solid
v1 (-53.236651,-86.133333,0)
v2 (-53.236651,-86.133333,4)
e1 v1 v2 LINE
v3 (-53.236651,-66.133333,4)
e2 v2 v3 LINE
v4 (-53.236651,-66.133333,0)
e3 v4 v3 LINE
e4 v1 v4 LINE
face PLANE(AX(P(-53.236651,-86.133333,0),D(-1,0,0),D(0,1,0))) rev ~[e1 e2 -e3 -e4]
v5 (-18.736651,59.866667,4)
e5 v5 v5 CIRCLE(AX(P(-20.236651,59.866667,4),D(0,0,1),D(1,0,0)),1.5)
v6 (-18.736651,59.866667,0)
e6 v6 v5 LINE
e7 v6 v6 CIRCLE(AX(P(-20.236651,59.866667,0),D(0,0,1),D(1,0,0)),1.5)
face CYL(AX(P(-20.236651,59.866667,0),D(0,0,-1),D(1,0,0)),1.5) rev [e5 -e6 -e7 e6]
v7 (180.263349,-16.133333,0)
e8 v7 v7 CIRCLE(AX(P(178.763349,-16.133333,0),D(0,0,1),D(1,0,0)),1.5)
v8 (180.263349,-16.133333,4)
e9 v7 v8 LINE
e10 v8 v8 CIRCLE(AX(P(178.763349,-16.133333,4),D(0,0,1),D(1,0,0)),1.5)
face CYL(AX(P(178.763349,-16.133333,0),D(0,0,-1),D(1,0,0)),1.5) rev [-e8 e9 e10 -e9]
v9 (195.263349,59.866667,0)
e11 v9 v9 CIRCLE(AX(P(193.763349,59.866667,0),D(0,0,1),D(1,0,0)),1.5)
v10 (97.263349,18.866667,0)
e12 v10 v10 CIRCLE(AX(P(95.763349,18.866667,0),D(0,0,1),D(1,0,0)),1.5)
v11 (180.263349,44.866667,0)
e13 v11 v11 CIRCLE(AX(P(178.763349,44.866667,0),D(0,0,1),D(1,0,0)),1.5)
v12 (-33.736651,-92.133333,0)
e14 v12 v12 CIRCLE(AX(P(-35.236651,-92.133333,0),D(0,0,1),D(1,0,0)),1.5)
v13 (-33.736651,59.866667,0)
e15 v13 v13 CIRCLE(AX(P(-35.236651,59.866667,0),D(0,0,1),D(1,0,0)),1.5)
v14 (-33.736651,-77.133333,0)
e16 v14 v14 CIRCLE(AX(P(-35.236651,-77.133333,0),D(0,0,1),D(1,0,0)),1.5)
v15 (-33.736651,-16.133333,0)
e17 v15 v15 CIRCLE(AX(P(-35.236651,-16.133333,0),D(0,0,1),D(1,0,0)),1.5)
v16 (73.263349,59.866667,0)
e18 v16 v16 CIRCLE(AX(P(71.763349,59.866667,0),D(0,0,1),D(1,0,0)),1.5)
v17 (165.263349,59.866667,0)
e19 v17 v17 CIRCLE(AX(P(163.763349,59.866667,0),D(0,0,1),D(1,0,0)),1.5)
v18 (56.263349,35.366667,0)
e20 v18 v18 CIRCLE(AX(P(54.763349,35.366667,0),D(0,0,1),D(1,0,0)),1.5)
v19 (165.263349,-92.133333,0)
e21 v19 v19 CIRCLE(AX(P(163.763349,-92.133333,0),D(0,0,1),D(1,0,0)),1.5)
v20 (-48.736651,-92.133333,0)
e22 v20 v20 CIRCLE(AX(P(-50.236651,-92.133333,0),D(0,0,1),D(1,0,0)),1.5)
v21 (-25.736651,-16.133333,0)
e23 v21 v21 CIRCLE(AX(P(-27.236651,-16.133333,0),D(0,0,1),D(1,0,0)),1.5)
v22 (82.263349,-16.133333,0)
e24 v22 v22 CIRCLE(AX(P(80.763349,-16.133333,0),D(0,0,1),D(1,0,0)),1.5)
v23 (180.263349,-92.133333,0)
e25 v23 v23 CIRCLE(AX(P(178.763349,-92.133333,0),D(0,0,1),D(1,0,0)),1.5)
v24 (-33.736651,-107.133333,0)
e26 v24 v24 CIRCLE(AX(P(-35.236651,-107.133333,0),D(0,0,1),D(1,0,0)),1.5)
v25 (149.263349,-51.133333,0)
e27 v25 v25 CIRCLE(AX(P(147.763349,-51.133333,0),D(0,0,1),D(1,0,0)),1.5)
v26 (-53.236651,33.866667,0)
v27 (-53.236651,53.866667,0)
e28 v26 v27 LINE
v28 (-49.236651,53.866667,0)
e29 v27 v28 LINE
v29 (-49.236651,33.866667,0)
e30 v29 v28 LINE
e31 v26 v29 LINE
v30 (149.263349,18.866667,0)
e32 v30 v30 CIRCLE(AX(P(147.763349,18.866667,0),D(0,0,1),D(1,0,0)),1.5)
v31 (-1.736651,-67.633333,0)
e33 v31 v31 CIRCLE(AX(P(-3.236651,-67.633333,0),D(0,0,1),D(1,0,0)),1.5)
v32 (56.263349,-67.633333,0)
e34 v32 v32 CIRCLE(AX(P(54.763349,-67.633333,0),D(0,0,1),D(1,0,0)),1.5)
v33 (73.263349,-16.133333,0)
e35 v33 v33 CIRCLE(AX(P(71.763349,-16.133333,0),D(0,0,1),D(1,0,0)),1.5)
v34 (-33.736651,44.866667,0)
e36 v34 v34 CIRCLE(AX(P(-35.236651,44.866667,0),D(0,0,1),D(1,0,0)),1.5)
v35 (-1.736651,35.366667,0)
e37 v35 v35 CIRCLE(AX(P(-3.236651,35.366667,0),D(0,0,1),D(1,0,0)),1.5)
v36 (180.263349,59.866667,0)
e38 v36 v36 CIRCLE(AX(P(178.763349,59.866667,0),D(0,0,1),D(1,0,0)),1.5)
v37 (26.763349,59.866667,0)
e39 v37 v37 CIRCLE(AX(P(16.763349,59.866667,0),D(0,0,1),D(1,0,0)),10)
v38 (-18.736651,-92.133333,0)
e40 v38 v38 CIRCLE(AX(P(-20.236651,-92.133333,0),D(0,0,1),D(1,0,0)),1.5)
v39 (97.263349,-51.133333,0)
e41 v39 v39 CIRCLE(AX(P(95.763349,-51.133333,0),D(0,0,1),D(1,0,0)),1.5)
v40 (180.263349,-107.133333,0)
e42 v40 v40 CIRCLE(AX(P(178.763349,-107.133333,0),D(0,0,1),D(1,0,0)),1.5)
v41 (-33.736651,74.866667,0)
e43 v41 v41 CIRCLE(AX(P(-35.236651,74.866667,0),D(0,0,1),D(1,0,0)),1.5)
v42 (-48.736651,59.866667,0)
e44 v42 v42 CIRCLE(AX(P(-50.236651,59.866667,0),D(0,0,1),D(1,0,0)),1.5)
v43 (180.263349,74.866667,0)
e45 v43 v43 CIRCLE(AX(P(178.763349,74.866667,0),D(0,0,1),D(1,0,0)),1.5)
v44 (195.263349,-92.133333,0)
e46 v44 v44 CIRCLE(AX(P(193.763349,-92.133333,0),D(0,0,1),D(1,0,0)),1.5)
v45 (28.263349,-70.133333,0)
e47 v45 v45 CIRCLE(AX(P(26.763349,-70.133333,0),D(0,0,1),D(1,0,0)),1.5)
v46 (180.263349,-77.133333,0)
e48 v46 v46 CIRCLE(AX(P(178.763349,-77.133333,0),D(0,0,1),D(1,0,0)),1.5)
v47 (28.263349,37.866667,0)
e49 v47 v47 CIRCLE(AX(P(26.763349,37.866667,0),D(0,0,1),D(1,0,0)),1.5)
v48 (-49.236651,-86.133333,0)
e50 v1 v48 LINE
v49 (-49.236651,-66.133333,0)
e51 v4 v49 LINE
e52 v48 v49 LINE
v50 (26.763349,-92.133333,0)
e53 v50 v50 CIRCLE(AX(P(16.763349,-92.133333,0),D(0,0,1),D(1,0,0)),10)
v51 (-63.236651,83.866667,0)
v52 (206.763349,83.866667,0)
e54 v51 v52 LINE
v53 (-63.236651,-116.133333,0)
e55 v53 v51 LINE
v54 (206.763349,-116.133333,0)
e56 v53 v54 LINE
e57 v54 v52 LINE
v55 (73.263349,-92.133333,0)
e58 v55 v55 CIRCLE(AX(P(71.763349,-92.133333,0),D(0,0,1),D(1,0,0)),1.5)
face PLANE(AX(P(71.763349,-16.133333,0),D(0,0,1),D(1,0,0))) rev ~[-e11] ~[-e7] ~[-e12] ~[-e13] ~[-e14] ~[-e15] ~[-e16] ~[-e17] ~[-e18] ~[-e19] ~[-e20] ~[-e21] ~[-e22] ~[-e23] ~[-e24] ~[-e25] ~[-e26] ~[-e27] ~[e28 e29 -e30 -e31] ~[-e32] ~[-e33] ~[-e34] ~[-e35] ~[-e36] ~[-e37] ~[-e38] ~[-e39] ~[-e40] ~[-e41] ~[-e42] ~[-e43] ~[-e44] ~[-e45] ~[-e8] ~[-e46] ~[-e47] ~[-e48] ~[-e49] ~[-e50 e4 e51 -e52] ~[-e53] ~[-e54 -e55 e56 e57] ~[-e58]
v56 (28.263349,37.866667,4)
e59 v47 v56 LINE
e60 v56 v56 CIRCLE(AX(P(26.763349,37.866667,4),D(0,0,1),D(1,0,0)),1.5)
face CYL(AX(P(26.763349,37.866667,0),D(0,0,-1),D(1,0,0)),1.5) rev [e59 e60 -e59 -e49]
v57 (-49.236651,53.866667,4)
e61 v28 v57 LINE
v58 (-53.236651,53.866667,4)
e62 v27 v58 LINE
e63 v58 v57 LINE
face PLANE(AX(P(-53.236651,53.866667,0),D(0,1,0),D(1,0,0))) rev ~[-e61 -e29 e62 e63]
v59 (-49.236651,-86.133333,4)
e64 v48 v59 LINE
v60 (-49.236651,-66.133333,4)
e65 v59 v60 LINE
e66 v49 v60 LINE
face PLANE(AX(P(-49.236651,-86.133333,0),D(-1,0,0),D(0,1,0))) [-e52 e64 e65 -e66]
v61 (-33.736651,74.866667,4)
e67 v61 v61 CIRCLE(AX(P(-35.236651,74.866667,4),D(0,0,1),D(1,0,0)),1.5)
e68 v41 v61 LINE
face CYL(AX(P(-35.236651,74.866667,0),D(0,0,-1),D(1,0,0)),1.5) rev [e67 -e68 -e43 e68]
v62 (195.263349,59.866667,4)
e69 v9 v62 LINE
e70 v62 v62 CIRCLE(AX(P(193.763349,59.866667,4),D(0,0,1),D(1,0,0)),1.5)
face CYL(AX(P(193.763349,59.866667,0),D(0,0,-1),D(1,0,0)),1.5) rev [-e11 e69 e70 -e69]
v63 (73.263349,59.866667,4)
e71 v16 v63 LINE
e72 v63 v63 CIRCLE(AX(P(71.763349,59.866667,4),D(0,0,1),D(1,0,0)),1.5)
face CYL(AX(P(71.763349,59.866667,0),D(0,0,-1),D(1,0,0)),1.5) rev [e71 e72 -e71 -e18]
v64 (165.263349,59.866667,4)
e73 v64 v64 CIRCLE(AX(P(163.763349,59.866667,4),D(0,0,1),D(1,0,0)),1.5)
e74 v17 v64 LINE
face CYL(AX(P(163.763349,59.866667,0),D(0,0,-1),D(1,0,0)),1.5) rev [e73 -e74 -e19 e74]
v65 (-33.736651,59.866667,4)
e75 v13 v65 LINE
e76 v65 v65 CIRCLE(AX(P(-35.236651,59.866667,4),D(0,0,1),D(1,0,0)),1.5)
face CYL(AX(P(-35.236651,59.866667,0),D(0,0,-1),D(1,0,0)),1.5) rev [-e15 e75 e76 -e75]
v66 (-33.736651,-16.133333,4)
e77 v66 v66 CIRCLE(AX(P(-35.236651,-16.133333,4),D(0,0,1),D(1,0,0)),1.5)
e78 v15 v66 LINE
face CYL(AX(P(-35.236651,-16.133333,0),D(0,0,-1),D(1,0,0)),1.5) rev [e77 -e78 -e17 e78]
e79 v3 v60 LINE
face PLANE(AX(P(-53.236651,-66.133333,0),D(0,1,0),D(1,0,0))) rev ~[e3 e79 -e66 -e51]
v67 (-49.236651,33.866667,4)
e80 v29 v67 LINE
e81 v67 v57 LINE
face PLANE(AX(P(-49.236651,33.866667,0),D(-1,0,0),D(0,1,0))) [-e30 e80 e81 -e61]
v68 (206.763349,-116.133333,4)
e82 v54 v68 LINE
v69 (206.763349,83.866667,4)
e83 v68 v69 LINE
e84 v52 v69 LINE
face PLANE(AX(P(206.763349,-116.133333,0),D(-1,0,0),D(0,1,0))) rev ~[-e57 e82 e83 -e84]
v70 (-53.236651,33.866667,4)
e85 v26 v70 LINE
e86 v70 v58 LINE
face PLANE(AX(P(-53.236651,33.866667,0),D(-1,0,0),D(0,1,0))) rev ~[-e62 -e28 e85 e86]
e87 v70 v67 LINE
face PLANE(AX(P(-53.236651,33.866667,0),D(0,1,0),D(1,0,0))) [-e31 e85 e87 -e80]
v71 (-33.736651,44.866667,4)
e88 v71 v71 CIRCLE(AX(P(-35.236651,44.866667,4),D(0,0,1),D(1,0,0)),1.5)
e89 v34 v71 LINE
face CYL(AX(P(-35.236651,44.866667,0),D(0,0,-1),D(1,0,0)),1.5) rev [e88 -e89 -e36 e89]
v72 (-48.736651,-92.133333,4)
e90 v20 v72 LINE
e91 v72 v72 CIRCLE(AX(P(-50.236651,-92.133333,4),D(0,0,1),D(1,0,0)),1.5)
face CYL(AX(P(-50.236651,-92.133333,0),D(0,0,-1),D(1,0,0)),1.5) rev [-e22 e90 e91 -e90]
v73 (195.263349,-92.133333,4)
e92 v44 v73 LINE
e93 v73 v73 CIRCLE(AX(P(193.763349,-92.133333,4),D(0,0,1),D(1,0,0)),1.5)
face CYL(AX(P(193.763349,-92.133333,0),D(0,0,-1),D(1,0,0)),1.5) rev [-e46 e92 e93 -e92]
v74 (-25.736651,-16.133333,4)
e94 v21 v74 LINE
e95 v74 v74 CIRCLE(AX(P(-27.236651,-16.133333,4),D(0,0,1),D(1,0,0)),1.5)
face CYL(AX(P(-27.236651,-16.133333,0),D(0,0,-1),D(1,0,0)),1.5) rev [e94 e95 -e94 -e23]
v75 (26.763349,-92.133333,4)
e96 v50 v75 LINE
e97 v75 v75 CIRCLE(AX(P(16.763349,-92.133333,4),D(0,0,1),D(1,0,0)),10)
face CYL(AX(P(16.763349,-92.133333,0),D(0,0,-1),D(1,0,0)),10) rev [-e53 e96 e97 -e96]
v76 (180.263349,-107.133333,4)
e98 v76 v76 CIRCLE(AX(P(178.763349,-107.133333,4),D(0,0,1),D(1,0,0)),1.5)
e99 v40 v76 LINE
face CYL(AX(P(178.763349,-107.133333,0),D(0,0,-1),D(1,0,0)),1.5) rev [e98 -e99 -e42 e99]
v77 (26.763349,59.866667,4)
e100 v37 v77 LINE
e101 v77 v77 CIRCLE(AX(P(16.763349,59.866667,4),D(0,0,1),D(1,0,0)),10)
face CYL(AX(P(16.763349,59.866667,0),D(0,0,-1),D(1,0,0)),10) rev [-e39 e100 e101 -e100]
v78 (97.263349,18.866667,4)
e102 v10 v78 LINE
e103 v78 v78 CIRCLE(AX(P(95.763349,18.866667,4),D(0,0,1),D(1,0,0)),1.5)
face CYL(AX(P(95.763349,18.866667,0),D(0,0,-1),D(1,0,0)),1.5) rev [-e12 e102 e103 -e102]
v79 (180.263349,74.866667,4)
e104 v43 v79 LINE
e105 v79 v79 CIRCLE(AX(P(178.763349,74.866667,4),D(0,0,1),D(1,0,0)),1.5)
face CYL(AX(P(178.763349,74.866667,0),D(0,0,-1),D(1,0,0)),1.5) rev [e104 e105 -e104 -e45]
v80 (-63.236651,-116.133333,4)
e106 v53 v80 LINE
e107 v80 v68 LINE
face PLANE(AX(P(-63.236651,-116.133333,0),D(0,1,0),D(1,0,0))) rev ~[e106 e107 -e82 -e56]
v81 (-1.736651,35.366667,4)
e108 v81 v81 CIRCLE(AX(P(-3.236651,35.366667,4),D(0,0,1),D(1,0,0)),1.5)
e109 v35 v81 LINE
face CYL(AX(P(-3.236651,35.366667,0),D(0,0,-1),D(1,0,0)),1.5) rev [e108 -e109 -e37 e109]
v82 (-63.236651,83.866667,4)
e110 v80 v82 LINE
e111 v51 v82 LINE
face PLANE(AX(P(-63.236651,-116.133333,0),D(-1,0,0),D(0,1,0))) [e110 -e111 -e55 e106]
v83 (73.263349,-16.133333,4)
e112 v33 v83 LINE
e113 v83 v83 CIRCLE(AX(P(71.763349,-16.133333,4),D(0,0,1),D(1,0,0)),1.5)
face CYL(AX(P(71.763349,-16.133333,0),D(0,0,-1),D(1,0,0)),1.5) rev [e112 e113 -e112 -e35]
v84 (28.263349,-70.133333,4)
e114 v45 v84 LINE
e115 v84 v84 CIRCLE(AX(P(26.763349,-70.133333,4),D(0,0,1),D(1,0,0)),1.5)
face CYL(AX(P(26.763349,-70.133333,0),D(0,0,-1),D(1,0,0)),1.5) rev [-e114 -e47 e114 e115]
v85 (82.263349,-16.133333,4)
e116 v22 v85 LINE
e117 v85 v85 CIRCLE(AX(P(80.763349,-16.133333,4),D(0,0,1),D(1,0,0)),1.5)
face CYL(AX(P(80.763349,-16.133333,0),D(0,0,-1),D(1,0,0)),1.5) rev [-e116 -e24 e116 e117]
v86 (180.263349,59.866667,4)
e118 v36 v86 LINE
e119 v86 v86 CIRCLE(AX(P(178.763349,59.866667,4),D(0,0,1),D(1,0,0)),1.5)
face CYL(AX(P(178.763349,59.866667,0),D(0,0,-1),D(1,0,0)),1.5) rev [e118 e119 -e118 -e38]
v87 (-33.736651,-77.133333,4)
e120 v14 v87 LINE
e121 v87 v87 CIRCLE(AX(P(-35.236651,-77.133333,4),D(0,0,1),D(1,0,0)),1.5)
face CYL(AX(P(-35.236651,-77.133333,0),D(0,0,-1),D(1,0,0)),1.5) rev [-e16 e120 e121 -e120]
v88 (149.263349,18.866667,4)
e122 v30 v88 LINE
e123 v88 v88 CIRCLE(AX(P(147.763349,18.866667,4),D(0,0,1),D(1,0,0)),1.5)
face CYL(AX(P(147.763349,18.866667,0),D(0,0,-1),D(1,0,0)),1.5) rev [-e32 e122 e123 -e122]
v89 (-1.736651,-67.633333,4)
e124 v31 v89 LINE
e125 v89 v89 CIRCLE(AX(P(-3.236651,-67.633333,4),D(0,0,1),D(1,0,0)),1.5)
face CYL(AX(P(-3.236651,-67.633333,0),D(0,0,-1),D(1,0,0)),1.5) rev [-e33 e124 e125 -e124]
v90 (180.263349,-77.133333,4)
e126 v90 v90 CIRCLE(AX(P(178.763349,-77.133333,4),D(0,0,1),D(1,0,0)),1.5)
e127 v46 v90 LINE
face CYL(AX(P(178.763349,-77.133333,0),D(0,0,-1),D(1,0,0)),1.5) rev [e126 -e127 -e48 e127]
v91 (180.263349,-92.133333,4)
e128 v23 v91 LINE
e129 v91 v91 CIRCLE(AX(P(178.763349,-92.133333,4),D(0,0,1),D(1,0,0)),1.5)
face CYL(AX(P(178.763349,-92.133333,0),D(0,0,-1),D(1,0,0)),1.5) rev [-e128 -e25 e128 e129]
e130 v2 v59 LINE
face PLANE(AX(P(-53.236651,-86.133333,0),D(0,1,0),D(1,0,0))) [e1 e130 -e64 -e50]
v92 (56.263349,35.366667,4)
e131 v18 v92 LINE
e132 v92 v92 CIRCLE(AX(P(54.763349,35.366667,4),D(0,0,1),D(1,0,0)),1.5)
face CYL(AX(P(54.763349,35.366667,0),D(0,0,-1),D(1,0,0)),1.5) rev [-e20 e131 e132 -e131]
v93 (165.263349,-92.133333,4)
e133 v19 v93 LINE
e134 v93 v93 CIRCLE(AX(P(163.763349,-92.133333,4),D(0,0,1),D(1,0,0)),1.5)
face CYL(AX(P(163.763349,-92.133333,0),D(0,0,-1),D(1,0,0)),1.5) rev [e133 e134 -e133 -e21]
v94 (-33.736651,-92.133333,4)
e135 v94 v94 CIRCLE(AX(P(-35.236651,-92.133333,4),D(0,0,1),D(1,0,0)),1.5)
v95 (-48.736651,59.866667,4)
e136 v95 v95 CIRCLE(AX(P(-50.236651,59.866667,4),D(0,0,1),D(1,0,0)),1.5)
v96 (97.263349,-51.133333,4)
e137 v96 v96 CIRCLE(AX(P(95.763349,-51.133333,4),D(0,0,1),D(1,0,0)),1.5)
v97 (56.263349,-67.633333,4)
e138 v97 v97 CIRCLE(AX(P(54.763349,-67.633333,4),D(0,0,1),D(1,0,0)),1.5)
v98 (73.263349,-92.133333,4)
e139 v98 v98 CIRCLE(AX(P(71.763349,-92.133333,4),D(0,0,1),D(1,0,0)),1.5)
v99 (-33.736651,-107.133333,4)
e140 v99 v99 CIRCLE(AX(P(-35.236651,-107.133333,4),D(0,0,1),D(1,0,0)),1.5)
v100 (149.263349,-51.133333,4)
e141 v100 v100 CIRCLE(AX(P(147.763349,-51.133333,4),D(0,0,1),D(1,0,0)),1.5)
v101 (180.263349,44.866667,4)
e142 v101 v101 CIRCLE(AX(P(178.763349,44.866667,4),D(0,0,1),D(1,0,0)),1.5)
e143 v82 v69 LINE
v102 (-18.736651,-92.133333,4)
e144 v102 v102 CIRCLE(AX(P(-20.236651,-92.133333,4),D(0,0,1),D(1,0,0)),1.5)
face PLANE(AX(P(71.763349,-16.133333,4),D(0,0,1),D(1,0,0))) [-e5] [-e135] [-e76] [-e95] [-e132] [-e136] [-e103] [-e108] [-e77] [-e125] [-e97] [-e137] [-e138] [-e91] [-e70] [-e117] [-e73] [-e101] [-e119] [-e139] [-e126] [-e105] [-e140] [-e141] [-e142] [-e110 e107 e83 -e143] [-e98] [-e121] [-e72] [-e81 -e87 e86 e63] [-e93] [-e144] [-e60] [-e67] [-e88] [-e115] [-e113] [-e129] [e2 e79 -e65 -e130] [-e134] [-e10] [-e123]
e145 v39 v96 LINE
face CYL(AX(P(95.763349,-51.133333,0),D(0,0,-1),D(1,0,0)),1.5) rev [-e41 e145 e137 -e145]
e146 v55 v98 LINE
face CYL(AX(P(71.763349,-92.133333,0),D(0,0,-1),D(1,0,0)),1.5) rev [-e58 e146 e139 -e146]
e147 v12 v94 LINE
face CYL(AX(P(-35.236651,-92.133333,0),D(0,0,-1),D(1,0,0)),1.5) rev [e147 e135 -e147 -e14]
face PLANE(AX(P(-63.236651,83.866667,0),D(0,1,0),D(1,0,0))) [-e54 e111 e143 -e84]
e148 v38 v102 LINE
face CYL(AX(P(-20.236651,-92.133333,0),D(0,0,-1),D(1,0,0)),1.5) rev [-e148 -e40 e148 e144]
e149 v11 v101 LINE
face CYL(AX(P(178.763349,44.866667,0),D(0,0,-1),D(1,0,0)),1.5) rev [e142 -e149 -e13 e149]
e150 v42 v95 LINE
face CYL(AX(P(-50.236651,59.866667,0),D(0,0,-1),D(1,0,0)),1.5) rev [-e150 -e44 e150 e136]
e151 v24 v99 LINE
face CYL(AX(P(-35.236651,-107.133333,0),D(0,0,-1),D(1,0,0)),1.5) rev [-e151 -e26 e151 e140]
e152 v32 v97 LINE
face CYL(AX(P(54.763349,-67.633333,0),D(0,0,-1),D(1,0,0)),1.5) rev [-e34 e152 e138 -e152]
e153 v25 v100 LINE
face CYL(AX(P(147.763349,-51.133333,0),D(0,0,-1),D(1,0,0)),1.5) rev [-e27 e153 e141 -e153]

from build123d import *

# Parameters (mm, degrees)
SKETCH1_W           = 270
SKETCH1_H           = 200
SKETCH1_R           = 1.5
SKETCH1_R_2         = 10
SKETCH1_W_2         = 4
SKETCH1_H_2         = 20
BOSS_EXTRUDE1_DEPTH = 4


with BuildPart() as part:
    # Sketch1 → Boss-Extrude1 (new body)
    with BuildSketch(Plane.XY):
        with Locations((71.763348527, -16.133333333)):
            Rectangle(SKETCH1_W, SKETCH1_H)
        with Locations((-35.236651473, -92.133333333)):
            Circle(SKETCH1_R, mode=Mode.SUBTRACT)
        with Locations((-20.236651473, -92.133333333)):
            Circle(SKETCH1_R, mode=Mode.SUBTRACT)
        with Locations((-35.236651473, -107.133333333)):
            Circle(SKETCH1_R, mode=Mode.SUBTRACT)
        with Locations((-50.236651473, -92.133333333)):
            Circle(SKETCH1_R, mode=Mode.SUBTRACT)
        with Locations((-35.236651473, -77.133333333)):
            Circle(SKETCH1_R, mode=Mode.SUBTRACT)
        with Locations((71.763348527, -16.133333333)):
            Circle(SKETCH1_R, mode=Mode.SUBTRACT)
        with Locations((193.763348527, -92.133333333)):
            Circle(SKETCH1_R, mode=Mode.SUBTRACT)
        with Locations((178.763348527, -77.133333333)):
            Circle(SKETCH1_R, mode=Mode.SUBTRACT)
        with Locations((178.763348527, -92.133333333)):
            Circle(SKETCH1_R, mode=Mode.SUBTRACT)
        with Locations((178.763348527, -107.133333333)):
            Circle(SKETCH1_R, mode=Mode.SUBTRACT)
        with Locations((163.763348527, -92.133333333)):
            Circle(SKETCH1_R, mode=Mode.SUBTRACT)
        with Locations((193.763348527, 59.866666667)):
            Circle(SKETCH1_R, mode=Mode.SUBTRACT)
        with Locations((178.763348527, 74.866666667)):
            Circle(SKETCH1_R, mode=Mode.SUBTRACT)
        with Locations((178.763348527, 59.866666667)):
            Circle(SKETCH1_R, mode=Mode.SUBTRACT)
        with Locations((178.763348527, 44.866666667)):
            Circle(SKETCH1_R, mode=Mode.SUBTRACT)
        with Locations((163.763348527, 59.866666667)):
            Circle(SKETCH1_R, mode=Mode.SUBTRACT)
        with Locations((-20.236651473, 59.866666667)):
            Circle(SKETCH1_R, mode=Mode.SUBTRACT)
        with Locations((-35.236651473, 74.866666667)):
            Circle(SKETCH1_R, mode=Mode.SUBTRACT)
        with Locations((-35.236651473, 59.866666667)):
            Circle(SKETCH1_R, mode=Mode.SUBTRACT)
        with Locations((-35.236651473, 44.866666667)):
            Circle(SKETCH1_R, mode=Mode.SUBTRACT)
        with Locations((-50.236651473, 59.866666667)):
            Circle(SKETCH1_R, mode=Mode.SUBTRACT)
        with Locations((178.763348527, -16.133333333)):
            Circle(SKETCH1_R, mode=Mode.SUBTRACT)
        with Locations((95.763348527, 18.866666667)):
            Circle(SKETCH1_R, mode=Mode.SUBTRACT)
        with Locations((71.763348527, 59.866666667)):
            Circle(SKETCH1_R, mode=Mode.SUBTRACT)
        with Locations((16.763348527, 59.866666667)):
            Circle(SKETCH1_R_2, mode=Mode.SUBTRACT)
        with Locations((16.763348527, -92.133333333)):
            Circle(SKETCH1_R_2, mode=Mode.SUBTRACT)
        with Locations((-35.236651473, -16.133333333)):
            Circle(SKETCH1_R, mode=Mode.SUBTRACT)
        with Locations((71.763348527, -92.133333333)):
            Circle(SKETCH1_R, mode=Mode.SUBTRACT)
        with Locations((26.763348527, -70.133333333)):
            Circle(SKETCH1_R, mode=Mode.SUBTRACT)
        with Locations((-27.236651473, -16.133333333)):
            Circle(SKETCH1_R, mode=Mode.SUBTRACT)
        with Locations((26.763348527, 37.866666667)):
            Circle(SKETCH1_R, mode=Mode.SUBTRACT)
        with Locations((80.763348527, -16.133333333)):
            Circle(SKETCH1_R, mode=Mode.SUBTRACT)
        with Locations((147.763348527, 18.866666667)):
            Circle(SKETCH1_R, mode=Mode.SUBTRACT)
        with Locations((147.763348527, -51.133333333)):
            Circle(SKETCH1_R, mode=Mode.SUBTRACT)
        with Locations((95.763348527, -51.133333333)):
            Circle(SKETCH1_R, mode=Mode.SUBTRACT)
        with Locations((-3.236651473, 35.366666667)):
            Circle(SKETCH1_R, mode=Mode.SUBTRACT)
        with Locations((54.763348527, 35.366666667)):
            Circle(SKETCH1_R, mode=Mode.SUBTRACT)
        with Locations((54.763348527, -67.633333333)):
            Circle(SKETCH1_R, mode=Mode.SUBTRACT)
        with Locations((-3.236651473, -67.633333333)):
            Circle(SKETCH1_R, mode=Mode.SUBTRACT)
        with Locations((-51.236651473, 43.866666667)):
            Rectangle(SKETCH1_W_2, SKETCH1_H_2, mode=Mode.SUBTRACT)
        with Locations((-51.236651473, -76.133333333)):
            Rectangle(SKETCH1_W_2, SKETCH1_H_2, mode=Mode.SUBTRACT)
    extrude(amount=BOSS_EXTRUDE1_DEPTH)


solid = part.part
